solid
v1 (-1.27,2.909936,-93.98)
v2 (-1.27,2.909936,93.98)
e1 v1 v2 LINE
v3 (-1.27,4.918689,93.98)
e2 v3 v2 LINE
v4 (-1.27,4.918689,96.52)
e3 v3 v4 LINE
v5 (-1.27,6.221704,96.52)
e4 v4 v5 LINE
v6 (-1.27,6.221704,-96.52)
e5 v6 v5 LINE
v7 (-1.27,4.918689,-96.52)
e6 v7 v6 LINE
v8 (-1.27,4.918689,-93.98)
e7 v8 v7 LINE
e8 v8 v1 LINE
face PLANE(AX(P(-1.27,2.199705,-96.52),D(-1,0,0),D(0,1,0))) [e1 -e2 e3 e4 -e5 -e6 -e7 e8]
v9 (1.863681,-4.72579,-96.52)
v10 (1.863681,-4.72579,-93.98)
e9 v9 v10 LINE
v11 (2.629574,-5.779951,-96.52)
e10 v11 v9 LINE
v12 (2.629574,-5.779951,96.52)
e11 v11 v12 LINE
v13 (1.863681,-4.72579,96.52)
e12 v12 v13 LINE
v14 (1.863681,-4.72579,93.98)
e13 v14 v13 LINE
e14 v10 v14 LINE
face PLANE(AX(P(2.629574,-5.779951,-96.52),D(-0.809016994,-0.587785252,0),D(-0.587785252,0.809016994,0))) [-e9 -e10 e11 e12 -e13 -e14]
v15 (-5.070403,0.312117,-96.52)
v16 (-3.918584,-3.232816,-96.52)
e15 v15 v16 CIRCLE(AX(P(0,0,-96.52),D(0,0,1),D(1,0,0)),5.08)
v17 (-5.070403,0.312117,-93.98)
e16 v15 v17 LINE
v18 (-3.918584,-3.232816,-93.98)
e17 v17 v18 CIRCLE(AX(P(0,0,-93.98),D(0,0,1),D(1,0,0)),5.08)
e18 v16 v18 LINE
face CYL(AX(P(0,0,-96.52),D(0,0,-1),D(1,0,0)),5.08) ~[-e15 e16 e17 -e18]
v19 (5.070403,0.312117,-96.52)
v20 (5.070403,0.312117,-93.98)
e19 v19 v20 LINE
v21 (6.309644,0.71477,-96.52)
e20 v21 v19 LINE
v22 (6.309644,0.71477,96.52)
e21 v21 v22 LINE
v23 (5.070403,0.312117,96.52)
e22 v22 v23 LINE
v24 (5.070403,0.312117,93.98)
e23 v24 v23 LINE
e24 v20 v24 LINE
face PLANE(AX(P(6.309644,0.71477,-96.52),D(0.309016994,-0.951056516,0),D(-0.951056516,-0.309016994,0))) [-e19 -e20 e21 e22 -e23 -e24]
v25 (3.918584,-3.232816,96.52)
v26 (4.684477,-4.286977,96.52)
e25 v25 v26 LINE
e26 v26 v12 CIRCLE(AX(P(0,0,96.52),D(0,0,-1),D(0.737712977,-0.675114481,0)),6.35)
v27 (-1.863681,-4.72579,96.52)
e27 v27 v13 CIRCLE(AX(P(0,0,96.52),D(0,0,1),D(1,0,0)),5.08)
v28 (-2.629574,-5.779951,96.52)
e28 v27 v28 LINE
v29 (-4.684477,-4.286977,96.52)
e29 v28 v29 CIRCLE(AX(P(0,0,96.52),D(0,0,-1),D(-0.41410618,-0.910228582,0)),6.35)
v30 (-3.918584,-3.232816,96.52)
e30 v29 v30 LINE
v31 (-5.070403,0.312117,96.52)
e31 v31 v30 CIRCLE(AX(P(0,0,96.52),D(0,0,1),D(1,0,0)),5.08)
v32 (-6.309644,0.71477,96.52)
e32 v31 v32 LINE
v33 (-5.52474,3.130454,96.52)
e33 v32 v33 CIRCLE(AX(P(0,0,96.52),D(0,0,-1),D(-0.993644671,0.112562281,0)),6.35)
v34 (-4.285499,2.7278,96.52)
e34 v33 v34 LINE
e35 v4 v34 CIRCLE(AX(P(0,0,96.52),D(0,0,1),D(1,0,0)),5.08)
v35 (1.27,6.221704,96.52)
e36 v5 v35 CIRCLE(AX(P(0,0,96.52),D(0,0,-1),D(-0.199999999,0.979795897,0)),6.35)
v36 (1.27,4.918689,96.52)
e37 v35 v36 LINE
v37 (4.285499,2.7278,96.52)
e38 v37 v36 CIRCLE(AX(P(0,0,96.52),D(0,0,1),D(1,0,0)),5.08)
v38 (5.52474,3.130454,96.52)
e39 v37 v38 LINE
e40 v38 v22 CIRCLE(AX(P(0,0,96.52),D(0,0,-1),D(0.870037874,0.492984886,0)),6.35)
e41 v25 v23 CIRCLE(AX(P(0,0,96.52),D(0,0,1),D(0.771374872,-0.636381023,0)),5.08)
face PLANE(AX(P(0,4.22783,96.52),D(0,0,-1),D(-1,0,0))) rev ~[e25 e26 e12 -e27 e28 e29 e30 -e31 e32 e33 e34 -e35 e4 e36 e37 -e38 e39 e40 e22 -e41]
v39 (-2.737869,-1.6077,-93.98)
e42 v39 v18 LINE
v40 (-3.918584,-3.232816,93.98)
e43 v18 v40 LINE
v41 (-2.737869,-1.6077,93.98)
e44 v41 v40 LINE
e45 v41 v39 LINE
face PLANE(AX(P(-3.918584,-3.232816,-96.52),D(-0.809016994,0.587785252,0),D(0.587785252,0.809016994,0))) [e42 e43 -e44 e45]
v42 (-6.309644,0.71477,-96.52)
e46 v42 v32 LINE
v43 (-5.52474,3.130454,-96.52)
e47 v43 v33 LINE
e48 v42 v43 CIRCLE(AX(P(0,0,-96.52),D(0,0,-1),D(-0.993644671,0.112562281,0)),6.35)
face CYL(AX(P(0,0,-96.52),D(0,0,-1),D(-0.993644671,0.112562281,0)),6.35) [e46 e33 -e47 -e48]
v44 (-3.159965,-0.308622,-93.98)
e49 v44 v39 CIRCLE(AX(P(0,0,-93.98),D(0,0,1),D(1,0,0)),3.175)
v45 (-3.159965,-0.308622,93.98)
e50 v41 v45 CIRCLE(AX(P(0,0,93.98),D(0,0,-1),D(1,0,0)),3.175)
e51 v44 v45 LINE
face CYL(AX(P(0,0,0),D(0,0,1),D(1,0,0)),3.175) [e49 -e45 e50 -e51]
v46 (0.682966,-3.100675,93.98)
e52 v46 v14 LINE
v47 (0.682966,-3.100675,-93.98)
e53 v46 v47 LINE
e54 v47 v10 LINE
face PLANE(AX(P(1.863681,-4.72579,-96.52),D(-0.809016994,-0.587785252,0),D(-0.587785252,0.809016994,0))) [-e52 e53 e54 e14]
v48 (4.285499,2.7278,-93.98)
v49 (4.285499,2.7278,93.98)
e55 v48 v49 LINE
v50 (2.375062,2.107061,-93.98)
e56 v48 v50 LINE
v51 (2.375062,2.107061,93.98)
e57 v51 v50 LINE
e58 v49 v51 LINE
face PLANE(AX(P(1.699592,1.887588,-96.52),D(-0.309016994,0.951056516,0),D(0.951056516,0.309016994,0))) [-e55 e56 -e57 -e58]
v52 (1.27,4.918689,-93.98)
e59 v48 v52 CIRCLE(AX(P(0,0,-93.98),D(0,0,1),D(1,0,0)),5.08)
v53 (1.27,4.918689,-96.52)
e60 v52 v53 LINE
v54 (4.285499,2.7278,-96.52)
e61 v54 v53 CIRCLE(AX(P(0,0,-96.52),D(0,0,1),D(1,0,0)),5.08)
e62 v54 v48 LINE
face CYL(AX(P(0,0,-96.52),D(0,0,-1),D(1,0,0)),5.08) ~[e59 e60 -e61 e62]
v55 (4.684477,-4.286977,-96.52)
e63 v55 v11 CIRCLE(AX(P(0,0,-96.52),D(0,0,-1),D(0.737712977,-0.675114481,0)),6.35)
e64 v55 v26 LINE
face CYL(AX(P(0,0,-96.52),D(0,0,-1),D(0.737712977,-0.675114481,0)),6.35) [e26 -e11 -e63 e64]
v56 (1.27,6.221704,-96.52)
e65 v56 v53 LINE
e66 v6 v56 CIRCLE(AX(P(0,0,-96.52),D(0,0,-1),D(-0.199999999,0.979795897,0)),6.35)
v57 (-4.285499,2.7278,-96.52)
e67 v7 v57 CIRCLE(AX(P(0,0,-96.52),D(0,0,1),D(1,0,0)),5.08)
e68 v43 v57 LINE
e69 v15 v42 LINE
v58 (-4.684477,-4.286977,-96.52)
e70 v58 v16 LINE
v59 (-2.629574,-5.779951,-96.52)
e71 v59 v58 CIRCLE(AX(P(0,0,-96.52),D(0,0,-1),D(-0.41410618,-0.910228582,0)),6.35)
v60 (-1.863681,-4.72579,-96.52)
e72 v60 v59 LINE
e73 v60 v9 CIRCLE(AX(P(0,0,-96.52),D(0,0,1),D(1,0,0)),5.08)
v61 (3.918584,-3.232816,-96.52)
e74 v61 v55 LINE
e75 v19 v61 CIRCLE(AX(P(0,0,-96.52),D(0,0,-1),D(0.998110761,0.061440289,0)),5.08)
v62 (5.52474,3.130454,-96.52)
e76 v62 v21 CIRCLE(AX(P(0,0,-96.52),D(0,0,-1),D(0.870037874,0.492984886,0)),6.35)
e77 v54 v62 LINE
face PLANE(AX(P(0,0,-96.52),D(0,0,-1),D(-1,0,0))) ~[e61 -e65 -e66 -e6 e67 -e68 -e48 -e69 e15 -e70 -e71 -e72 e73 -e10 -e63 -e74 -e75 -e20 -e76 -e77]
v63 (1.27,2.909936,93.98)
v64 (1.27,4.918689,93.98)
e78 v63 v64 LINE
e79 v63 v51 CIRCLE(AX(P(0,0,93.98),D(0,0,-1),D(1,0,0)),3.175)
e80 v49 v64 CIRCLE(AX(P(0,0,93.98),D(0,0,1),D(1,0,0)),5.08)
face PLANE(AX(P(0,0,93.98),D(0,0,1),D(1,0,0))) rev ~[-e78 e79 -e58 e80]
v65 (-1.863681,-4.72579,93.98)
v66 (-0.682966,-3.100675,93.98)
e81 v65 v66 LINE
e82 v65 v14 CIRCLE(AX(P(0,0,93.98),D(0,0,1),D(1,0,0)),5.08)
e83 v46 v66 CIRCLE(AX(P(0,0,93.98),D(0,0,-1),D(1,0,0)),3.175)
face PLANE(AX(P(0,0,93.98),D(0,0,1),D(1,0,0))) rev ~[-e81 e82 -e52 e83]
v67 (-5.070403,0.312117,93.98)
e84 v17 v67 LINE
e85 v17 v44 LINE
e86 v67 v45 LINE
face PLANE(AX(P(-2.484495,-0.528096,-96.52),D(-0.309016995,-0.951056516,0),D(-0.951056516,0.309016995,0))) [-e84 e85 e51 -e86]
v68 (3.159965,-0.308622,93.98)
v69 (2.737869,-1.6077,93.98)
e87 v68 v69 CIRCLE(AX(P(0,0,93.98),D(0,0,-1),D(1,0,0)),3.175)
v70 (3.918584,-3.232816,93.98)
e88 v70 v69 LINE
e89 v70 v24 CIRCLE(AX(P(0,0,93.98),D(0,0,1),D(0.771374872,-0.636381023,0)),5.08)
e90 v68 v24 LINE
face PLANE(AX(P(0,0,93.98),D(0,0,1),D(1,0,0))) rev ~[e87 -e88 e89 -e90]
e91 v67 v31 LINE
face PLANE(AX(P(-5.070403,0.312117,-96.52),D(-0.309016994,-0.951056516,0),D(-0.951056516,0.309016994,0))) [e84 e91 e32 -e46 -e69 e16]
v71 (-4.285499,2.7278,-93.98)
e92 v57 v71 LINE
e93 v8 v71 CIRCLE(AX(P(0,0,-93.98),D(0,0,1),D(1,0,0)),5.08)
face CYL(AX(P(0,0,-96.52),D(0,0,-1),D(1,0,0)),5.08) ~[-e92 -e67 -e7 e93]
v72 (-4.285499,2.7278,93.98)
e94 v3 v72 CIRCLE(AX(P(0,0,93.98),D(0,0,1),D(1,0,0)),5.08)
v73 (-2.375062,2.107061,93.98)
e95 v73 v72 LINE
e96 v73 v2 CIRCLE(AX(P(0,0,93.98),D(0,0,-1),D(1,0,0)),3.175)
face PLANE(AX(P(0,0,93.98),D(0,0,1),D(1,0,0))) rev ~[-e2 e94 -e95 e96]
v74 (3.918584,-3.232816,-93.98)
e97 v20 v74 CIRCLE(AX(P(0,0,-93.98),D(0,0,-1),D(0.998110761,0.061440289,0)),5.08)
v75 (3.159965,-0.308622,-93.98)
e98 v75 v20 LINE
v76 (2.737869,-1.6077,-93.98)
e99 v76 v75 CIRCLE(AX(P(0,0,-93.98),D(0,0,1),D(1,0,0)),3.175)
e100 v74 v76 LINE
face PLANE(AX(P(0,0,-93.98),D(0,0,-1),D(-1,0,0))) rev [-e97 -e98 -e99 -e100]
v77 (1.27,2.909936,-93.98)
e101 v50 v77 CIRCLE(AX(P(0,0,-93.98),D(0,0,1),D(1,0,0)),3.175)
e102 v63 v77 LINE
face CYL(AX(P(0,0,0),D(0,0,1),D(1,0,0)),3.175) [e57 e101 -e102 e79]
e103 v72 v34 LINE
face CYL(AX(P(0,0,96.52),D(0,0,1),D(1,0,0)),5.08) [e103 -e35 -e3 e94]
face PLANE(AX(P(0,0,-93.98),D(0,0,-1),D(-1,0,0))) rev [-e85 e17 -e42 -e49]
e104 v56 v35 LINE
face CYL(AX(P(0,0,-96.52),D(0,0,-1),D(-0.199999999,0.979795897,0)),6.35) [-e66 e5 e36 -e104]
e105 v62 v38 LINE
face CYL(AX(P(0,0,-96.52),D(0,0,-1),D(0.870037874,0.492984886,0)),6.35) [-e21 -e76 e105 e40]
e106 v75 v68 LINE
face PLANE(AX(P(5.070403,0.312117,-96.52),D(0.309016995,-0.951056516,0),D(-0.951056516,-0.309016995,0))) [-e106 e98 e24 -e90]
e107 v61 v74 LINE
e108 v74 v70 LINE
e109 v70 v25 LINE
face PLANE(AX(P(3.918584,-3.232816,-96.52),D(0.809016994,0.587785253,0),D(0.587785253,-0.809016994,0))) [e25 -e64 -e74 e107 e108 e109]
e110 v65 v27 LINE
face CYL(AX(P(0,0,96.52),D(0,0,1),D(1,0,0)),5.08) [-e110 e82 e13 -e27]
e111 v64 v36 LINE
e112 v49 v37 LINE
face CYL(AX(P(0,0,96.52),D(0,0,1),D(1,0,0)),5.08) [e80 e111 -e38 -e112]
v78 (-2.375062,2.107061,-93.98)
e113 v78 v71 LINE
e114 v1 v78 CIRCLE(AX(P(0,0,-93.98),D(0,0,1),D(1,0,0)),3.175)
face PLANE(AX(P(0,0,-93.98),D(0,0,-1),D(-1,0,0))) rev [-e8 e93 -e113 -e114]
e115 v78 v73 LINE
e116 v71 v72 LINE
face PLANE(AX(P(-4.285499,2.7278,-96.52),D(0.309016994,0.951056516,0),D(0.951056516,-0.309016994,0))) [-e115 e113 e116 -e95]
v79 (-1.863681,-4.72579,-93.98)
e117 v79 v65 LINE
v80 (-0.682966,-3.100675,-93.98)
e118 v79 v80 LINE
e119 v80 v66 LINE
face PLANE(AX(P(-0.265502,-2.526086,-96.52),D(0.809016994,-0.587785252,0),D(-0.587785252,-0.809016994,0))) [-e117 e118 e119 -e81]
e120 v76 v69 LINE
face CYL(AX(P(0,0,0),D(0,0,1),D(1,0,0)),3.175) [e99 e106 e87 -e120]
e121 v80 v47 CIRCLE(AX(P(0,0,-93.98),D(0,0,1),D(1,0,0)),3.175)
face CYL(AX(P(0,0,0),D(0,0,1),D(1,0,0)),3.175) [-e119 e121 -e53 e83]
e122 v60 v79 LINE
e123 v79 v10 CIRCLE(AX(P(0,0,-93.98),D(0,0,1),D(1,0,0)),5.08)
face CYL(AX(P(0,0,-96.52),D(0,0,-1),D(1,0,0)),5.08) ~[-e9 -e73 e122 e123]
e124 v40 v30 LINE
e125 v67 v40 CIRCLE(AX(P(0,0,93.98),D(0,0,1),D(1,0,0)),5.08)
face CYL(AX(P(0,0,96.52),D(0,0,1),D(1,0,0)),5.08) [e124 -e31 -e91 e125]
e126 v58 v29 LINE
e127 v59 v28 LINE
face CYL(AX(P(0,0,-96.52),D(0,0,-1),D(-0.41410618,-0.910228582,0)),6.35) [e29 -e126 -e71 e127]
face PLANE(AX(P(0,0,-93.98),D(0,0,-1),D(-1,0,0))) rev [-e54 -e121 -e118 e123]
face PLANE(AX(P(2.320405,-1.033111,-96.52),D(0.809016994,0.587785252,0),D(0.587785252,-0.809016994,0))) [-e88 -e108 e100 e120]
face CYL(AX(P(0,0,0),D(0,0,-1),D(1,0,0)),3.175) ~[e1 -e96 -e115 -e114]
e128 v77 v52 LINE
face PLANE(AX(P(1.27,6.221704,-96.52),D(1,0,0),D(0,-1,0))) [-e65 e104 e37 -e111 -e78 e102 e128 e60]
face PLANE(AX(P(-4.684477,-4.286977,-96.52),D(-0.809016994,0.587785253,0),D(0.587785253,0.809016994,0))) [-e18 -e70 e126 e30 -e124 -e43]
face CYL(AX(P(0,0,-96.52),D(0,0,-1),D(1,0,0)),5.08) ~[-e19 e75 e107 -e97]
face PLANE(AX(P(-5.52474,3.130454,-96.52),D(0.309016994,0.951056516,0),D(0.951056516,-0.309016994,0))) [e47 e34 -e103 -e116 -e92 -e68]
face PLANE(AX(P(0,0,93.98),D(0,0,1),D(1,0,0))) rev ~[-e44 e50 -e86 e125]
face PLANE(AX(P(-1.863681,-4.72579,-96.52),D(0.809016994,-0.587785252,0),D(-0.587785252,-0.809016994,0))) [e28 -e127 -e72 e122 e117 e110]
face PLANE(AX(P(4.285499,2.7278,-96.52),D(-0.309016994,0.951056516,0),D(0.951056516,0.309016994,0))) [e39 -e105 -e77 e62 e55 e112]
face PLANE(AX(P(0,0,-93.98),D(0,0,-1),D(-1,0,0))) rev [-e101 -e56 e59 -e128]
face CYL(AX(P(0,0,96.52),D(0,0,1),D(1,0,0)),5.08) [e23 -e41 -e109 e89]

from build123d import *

# Parameters (mm, degrees)
SKETCH1_R           = 3.175
BOSS_EXTRUDE1_DEPTH = 96.52
SKETCH2_R           = 5.08
BOSS_EXTRUDE2_DEPTH = 2.54
BOSS_EXTRUDE3_DEPTH = 193.04


with BuildPart() as part:
    # Sketch1 → Boss-Extrude1 (new body)
    with BuildSketch(Plane.XY):
        Circle(SKETCH1_R)
    boss_extrude1 = extrude(amount=BOSS_EXTRUDE1_DEPTH)

    # Sketch2 → Boss-Extrude2 (add)
    with BuildSketch(Plane.XY.offset(96.52)):
        Circle(SKETCH2_R)
    boss_extrude2 = extrude(amount=-BOSS_EXTRUDE2_DEPTH)

    # Mirror1: Boss-Extrude1, Boss-Extrude2 across plane
    add(boss_extrude1.mirror(Plane.XY))
    add(boss_extrude2.mirror(Plane.XY))

    # Sketch3 → Boss-Extrude3 (add, through all)
    with BuildSketch(Plane(origin=(0, 0, -96.52), x_dir=(-1, 0, 0), z_dir=(0, 0, -1))):
        with BuildLine():
            Line((-1.27, 4.91868885), (-1.27, 2.199704526))
            Line((-1.27, 2.199704526), (1.27, 2.199704526))
            Line((1.27, 2.199704526), (1.27, 4.91868885))
            Line((1.27, 4.91868885), (1.27, 6.221703947))
            ThreePointArc((1.27, 6.221703947), (0, 6.35), (-1.27, 6.221703947))
            Line((-1.27, 6.221703947), (-1.27, 4.91868885))
        make_face()
        with BuildLine():
            Line((1.69959174, 1.887587857), (2.484494906, -0.528095695))
            Line((2.484494906, -0.528095695), (5.070402665, 0.312116669))
            Line((5.070402665, 0.312116669), (6.309643664, 0.714770478))
            ThreePointArc((6.309643664, 0.714770478), (6.039208878, 1.962257914), (5.524740498, 3.130454029))
            Line((5.524740498, 3.130454029), (4.285499499, 2.72780022))
            Line((4.285499499, 2.72780022), (1.69959174, 1.887587857))
        make_face()
        with BuildLine():
            Line((2.320405462, -1.033111073), (0.265502297, -2.526085614))
            Line((0.265502297, -2.526085614), (1.863681184, -4.72579014))
            Line((1.863681184, -4.72579014), (2.629574241, -5.779951497))
            ThreePointArc((2.629574241, -5.779951497), (3.732436352, -5.137257914), (4.684477407, -4.286976956))
            Line((4.684477407, -4.286976956), (3.918584349, -3.232815599))
            Line((3.918584349, -3.232815599), (2.320405462, -1.033111073))
        make_face()
        with BuildLine():
            Line((-0.265502297, -2.526085614), (-2.320405462, -1.033111073))
            Line((-2.320405462, -1.033111073), (-3.918584349, -3.232815599))
            Line((-3.918584349, -3.232815599), (-4.684477407, -4.286976956))
            ThreePointArc((-4.684477407, -4.286976956), (-3.732436352, -5.137257914), (-2.629574241, -5.779951497))
            Line((-2.629574241, -5.779951497), (-1.863681184, -4.72579014))
            Line((-1.863681184, -4.72579014), (-0.265502297, -2.526085614))
        make_face()
        with BuildLine():
            Line((-2.484494906, -0.528095695), (-1.69959174, 1.887587857))
            Line((-1.69959174, 1.887587857), (-4.285499499, 2.72780022))
            Line((-4.285499499, 2.72780022), (-5.524740498, 3.130454029))
            ThreePointArc((-5.524740498, 3.130454029), (-6.039208878, 1.962257914), (-6.309643664, 0.714770478))
            Line((-6.309643664, 0.714770478), (-5.070402665, 0.312116669))
            Line((-5.070402665, 0.312116669), (-2.484494906, -0.528095695))
        make_face()
    extrude(amount=-BOSS_EXTRUDE3_DEPTH)


solid = part.part
